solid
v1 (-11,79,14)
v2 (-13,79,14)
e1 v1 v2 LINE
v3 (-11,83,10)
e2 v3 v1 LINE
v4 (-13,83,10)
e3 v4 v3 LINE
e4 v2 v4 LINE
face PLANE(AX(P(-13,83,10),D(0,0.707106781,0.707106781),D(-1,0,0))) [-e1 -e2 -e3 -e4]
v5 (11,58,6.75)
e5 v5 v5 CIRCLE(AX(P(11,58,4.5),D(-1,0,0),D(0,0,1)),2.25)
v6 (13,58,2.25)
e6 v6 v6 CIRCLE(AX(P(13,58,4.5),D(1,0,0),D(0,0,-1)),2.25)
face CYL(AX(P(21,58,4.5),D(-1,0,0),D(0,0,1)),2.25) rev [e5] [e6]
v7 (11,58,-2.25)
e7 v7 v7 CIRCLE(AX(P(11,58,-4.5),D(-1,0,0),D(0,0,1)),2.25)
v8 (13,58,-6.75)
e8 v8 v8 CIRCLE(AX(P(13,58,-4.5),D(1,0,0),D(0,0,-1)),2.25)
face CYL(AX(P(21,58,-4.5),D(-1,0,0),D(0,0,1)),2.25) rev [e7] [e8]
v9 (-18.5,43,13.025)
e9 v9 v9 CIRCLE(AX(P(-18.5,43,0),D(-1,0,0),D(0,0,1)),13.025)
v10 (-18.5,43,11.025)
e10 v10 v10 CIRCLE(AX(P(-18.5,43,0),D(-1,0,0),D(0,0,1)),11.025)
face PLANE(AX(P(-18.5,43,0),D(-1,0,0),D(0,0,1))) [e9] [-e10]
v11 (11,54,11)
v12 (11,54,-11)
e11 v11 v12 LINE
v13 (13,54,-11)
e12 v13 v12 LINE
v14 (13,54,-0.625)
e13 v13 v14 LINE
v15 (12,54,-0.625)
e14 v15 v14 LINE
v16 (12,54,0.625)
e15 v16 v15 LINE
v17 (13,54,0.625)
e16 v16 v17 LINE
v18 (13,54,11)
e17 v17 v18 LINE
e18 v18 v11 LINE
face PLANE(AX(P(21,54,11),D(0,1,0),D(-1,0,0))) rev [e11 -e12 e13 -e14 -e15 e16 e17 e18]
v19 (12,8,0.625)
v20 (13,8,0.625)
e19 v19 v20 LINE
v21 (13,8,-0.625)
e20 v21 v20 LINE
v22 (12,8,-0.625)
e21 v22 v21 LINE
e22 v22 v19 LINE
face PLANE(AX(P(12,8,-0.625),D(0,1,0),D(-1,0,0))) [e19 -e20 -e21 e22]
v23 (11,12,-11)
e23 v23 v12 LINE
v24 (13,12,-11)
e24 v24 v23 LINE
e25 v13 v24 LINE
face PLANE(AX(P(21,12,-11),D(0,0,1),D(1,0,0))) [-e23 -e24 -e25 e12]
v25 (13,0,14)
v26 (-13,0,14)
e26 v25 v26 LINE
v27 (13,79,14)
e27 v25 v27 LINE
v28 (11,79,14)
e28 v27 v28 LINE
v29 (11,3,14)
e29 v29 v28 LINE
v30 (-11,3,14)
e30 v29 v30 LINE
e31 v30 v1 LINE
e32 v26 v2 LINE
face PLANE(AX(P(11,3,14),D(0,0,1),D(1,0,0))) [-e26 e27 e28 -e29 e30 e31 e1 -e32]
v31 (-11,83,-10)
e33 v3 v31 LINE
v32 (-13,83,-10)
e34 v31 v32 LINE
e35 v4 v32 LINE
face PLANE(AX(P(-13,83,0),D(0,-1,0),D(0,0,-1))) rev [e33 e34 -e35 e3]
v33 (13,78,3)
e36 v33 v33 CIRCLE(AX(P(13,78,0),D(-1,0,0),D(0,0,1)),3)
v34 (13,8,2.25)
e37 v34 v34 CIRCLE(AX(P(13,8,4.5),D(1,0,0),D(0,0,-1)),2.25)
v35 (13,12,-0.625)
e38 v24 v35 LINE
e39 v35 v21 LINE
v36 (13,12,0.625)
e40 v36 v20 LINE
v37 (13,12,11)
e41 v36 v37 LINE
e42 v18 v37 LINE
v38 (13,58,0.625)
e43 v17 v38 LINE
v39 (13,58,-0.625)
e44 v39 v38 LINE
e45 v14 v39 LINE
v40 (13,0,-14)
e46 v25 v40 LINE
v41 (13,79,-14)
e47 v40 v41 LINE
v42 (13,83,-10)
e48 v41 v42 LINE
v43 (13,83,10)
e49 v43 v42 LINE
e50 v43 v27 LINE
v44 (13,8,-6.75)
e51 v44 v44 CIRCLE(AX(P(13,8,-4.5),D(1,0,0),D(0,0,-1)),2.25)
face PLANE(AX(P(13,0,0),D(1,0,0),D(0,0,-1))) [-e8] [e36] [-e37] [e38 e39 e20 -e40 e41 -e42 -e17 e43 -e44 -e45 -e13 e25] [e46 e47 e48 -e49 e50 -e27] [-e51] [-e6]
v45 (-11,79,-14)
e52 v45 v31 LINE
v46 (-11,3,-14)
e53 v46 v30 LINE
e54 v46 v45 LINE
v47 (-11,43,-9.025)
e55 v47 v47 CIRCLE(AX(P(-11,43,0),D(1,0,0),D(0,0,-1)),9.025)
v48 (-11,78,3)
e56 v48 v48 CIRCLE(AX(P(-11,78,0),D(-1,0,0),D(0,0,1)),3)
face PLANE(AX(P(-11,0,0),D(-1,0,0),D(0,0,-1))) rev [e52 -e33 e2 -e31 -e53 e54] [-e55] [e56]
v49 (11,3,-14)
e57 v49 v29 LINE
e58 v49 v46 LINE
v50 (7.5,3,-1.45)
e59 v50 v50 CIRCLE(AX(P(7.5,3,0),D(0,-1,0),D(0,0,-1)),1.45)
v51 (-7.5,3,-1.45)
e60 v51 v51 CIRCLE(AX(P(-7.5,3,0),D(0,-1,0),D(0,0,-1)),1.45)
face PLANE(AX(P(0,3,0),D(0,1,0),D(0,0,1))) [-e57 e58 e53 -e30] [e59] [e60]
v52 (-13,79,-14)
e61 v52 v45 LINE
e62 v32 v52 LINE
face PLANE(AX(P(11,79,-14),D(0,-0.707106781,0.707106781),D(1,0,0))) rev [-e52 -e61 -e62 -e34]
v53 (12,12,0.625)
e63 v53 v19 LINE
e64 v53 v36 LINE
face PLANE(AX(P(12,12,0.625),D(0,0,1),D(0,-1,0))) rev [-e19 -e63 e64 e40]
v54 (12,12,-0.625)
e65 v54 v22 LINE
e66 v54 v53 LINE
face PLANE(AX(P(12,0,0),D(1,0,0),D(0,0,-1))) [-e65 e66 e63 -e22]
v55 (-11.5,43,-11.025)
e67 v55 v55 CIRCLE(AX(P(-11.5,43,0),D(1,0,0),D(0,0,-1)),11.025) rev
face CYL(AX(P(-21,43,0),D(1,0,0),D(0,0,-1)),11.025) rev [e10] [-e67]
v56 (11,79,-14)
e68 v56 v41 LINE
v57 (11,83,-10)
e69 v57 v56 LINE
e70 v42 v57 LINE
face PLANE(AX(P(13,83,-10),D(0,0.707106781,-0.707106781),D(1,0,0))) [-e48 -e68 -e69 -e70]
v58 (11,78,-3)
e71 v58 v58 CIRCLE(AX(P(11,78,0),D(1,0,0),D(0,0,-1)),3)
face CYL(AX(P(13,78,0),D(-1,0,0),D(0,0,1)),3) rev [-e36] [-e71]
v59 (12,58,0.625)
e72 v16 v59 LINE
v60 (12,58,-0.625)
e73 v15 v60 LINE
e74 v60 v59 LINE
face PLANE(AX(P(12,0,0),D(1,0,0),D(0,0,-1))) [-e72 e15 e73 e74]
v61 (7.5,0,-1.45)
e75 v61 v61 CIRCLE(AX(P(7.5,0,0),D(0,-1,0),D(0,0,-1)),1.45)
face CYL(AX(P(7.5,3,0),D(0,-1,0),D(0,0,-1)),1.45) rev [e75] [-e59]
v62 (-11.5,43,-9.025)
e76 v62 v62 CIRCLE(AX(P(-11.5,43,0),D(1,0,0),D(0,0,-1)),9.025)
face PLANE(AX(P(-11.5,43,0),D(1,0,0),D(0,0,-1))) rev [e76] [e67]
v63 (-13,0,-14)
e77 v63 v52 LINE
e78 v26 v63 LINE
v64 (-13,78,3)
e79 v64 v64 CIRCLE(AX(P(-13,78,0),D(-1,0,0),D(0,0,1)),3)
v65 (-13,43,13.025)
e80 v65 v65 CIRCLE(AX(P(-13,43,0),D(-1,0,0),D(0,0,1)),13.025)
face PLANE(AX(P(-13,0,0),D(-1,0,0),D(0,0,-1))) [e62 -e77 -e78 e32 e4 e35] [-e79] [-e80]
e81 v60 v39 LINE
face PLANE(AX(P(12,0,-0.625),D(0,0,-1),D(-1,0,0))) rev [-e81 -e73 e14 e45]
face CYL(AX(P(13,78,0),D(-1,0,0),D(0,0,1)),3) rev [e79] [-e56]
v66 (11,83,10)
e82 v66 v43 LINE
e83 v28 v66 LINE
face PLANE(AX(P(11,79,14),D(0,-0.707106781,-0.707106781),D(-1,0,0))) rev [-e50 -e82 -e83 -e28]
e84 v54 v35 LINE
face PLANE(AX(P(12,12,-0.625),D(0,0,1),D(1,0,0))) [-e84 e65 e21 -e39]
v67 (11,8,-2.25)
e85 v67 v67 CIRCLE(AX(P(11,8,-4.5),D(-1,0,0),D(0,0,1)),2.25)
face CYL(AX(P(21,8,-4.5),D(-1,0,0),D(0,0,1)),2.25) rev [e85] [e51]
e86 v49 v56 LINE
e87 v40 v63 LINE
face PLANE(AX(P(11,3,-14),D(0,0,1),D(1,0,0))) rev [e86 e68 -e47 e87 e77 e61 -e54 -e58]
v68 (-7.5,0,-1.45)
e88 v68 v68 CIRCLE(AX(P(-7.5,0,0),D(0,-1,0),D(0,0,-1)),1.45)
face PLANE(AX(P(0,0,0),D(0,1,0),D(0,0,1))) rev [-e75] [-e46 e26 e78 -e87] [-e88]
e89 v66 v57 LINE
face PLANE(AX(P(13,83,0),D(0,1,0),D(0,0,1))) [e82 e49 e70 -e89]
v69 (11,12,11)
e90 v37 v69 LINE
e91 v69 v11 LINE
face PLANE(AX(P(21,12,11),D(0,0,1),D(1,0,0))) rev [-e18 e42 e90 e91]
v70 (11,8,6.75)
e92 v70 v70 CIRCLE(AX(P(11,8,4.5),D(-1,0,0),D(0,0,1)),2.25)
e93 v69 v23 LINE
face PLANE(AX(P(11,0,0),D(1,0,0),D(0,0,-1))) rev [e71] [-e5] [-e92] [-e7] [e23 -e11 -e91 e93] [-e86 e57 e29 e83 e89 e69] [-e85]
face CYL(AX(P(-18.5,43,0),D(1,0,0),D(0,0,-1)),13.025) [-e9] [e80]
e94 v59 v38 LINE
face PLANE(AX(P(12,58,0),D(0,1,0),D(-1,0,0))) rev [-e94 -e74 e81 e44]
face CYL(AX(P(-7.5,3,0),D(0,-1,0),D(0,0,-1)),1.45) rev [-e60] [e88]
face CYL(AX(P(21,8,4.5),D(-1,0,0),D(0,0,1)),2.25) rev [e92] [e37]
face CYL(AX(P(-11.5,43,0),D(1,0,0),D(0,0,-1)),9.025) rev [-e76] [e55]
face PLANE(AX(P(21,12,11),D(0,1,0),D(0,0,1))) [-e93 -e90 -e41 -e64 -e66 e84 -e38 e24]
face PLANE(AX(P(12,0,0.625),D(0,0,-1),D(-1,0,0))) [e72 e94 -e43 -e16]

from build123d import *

# Parameters (mm, degrees)
SKETCH1_W               = 22
SKETCH1_H               = 28
BOSS_EXTRUDE1_DEPTH     = 3
SKETCH2_R               = 1.45
CUT_EXTRUDE1_DEPTH      = 4
SKETCH3_W               = 28
SKETCH3_H               = 80
SKETCH3_H_2             = 3
BOSS_EXTRUDE2_DEPTH     = 2
SKETCH4_R               = 2.25
SKETCH4_W               = 22
SKETCH4_H               = 42
CUT_EXTRUDE2_DEPTH      = 10
SKETCH5_R               = 11.025
CUT_EXTRUDE3_DEPTH      = 10
SKETCH6_R               = 11.025
SKETCH6_R_2             = 9.025
BOSS_EXTRUDE3_DEPTH     = 0.5
SKETCH7_R               = 13.025
SKETCH7_R_2             = 11.025
BOSS_EXTRUDE4_DEPTH     = 5.5
SKETCH9_W               = 1.25
SKETCH9_H               = 4
CUT_EXTRUDE5_DEPTH      = 1
SKETCH4_4_R             = 3
CUT_EXTRUDE6_DEPTH      = 30.5
CUT_EXTRUDE6_DEPTH_BACK = 3
CHAMFER1_SIZE           = 4


with BuildPart() as part:
    # Sketch1 → Boss-Extrude1 (new body)
    with BuildSketch(Plane(origin=(0, 0, 0), x_dir=(1, 0, 0), z_dir=(0, 1, 0))):
        Rectangle(SKETCH1_W, SKETCH1_H)
    extrude(amount=BOSS_EXTRUDE1_DEPTH)

    # Sketch2 → Cut-Extrude1 (cut, through all)
    with BuildSketch(Plane.XZ):
        with Locations(Location((-7.5, 0, 0), (0, 0, 270))):  # turned: the seam where the file's is
            Circle(SKETCH2_R)
        with Locations(Location((7.5, 0, 0), (0, 0, 270))):  # turned: the seam where the file's is
            Circle(SKETCH2_R)
    extrude(amount=-CUT_EXTRUDE1_DEPTH, mode=Mode.SUBTRACT)

    # Sketch3 → Boss-Extrude2 (add)
    with BuildSketch(Plane(origin=(11, 0, 0), x_dir=(0, 0, -1), z_dir=(1, 0, 0))):
        with Locations((0, 43)):
            Rectangle(SKETCH3_W, SKETCH3_H)
        with Locations((0, 1.5)):
            Rectangle(SKETCH3_W, SKETCH3_H_2)
    boss_extrude2 = extrude(amount=BOSS_EXTRUDE2_DEPTH)

    # Sketch4 → Cut-Extrude2 (cut)
    with BuildSketch(Plane.ZY.offset(-11)):
        with Locations((-4.5, 8)):
            Circle(SKETCH4_R)
        with Locations((4.5, 8)):
            Circle(SKETCH4_R)
        with Locations((4.5, 58)):
            Circle(SKETCH4_R)
        with Locations((-4.5, 58)):
            Circle(SKETCH4_R)
        with Locations((0, 33)):
            Rectangle(SKETCH4_W, SKETCH4_H)
    extrude(amount=-CUT_EXTRUDE2_DEPTH, mode=Mode.SUBTRACT)

    # Mirror1: Boss-Extrude2 across plane
    add(boss_extrude2.mirror(Plane(origin=(0, 0, 0), x_dir=(0, 0, 1), z_dir=(1, 0, 0))))

    # Sketch5 → Cut-Extrude3 (cut)
    with BuildSketch(Plane(origin=(-11, 0, 0), x_dir=(0, 0, -1), z_dir=(1, 0, 0))):
        with Locations((0, 43)):
            Circle(SKETCH5_R)
    extrude(amount=-CUT_EXTRUDE3_DEPTH, mode=Mode.SUBTRACT)

    # Sketch6 → Boss-Extrude3 (add)
    with BuildSketch(Plane(origin=(-11, 0, 0), x_dir=(0, 0, -1), z_dir=(1, 0, 0))):
        with Locations((0, 43)):
            Circle(SKETCH6_R)
        with Locations((0, 43)):
            Circle(SKETCH6_R_2, mode=Mode.SUBTRACT)
    extrude(amount=-BOSS_EXTRUDE3_DEPTH)

    # Sketch7 → Boss-Extrude4 (add)
    with BuildSketch(Plane.ZY.offset(13)):
        with Locations((0, 43)):
            Circle(SKETCH7_R)
        with Locations(Location((0, 43, 0), (0, 0, 180))):  # turned: the seam where the file's is
            Circle(SKETCH7_R_2, mode=Mode.SUBTRACT)
    extrude(amount=BOSS_EXTRUDE4_DEPTH)

    # Sketch9 → Cut-Extrude5 (cut)
    with BuildSketch(Plane(origin=(13, 0, 0), x_dir=(0, 0, -1), z_dir=(1, 0, 0))):
        with Locations((0, 56)):
            Rectangle(SKETCH9_W, SKETCH9_H)
        with Locations((0, 10)):
            Rectangle(SKETCH9_W, SKETCH9_H)
    extrude(amount=-CUT_EXTRUDE5_DEPTH, mode=Mode.SUBTRACT)

    # Sketch4_4 → Cut-Extrude6 (cut, two sides)
    with BuildSketch(Plane.ZY.offset(-11)) as cut_extrude6_sk:
        with Locations((0, 78)):
            Circle(SKETCH4_4_R)
    extrude(amount=CUT_EXTRUDE6_DEPTH, mode=Mode.SUBTRACT)
    extrude(cut_extrude6_sk.sketch, amount=-CUT_EXTRUDE6_DEPTH_BACK, mode=Mode.SUBTRACT)

    # Chamfer1
    chamfer1_edges = [part.edges().sort_by_distance(p)[0] for p in [
        (12, 83, 14),
        (12, 83, -14),
        (-12, 83, 14),
        (-12, 83, -14),
    ]]
    chamfer(chamfer1_edges, length=CHAMFER1_SIZE)


solid = part.part
